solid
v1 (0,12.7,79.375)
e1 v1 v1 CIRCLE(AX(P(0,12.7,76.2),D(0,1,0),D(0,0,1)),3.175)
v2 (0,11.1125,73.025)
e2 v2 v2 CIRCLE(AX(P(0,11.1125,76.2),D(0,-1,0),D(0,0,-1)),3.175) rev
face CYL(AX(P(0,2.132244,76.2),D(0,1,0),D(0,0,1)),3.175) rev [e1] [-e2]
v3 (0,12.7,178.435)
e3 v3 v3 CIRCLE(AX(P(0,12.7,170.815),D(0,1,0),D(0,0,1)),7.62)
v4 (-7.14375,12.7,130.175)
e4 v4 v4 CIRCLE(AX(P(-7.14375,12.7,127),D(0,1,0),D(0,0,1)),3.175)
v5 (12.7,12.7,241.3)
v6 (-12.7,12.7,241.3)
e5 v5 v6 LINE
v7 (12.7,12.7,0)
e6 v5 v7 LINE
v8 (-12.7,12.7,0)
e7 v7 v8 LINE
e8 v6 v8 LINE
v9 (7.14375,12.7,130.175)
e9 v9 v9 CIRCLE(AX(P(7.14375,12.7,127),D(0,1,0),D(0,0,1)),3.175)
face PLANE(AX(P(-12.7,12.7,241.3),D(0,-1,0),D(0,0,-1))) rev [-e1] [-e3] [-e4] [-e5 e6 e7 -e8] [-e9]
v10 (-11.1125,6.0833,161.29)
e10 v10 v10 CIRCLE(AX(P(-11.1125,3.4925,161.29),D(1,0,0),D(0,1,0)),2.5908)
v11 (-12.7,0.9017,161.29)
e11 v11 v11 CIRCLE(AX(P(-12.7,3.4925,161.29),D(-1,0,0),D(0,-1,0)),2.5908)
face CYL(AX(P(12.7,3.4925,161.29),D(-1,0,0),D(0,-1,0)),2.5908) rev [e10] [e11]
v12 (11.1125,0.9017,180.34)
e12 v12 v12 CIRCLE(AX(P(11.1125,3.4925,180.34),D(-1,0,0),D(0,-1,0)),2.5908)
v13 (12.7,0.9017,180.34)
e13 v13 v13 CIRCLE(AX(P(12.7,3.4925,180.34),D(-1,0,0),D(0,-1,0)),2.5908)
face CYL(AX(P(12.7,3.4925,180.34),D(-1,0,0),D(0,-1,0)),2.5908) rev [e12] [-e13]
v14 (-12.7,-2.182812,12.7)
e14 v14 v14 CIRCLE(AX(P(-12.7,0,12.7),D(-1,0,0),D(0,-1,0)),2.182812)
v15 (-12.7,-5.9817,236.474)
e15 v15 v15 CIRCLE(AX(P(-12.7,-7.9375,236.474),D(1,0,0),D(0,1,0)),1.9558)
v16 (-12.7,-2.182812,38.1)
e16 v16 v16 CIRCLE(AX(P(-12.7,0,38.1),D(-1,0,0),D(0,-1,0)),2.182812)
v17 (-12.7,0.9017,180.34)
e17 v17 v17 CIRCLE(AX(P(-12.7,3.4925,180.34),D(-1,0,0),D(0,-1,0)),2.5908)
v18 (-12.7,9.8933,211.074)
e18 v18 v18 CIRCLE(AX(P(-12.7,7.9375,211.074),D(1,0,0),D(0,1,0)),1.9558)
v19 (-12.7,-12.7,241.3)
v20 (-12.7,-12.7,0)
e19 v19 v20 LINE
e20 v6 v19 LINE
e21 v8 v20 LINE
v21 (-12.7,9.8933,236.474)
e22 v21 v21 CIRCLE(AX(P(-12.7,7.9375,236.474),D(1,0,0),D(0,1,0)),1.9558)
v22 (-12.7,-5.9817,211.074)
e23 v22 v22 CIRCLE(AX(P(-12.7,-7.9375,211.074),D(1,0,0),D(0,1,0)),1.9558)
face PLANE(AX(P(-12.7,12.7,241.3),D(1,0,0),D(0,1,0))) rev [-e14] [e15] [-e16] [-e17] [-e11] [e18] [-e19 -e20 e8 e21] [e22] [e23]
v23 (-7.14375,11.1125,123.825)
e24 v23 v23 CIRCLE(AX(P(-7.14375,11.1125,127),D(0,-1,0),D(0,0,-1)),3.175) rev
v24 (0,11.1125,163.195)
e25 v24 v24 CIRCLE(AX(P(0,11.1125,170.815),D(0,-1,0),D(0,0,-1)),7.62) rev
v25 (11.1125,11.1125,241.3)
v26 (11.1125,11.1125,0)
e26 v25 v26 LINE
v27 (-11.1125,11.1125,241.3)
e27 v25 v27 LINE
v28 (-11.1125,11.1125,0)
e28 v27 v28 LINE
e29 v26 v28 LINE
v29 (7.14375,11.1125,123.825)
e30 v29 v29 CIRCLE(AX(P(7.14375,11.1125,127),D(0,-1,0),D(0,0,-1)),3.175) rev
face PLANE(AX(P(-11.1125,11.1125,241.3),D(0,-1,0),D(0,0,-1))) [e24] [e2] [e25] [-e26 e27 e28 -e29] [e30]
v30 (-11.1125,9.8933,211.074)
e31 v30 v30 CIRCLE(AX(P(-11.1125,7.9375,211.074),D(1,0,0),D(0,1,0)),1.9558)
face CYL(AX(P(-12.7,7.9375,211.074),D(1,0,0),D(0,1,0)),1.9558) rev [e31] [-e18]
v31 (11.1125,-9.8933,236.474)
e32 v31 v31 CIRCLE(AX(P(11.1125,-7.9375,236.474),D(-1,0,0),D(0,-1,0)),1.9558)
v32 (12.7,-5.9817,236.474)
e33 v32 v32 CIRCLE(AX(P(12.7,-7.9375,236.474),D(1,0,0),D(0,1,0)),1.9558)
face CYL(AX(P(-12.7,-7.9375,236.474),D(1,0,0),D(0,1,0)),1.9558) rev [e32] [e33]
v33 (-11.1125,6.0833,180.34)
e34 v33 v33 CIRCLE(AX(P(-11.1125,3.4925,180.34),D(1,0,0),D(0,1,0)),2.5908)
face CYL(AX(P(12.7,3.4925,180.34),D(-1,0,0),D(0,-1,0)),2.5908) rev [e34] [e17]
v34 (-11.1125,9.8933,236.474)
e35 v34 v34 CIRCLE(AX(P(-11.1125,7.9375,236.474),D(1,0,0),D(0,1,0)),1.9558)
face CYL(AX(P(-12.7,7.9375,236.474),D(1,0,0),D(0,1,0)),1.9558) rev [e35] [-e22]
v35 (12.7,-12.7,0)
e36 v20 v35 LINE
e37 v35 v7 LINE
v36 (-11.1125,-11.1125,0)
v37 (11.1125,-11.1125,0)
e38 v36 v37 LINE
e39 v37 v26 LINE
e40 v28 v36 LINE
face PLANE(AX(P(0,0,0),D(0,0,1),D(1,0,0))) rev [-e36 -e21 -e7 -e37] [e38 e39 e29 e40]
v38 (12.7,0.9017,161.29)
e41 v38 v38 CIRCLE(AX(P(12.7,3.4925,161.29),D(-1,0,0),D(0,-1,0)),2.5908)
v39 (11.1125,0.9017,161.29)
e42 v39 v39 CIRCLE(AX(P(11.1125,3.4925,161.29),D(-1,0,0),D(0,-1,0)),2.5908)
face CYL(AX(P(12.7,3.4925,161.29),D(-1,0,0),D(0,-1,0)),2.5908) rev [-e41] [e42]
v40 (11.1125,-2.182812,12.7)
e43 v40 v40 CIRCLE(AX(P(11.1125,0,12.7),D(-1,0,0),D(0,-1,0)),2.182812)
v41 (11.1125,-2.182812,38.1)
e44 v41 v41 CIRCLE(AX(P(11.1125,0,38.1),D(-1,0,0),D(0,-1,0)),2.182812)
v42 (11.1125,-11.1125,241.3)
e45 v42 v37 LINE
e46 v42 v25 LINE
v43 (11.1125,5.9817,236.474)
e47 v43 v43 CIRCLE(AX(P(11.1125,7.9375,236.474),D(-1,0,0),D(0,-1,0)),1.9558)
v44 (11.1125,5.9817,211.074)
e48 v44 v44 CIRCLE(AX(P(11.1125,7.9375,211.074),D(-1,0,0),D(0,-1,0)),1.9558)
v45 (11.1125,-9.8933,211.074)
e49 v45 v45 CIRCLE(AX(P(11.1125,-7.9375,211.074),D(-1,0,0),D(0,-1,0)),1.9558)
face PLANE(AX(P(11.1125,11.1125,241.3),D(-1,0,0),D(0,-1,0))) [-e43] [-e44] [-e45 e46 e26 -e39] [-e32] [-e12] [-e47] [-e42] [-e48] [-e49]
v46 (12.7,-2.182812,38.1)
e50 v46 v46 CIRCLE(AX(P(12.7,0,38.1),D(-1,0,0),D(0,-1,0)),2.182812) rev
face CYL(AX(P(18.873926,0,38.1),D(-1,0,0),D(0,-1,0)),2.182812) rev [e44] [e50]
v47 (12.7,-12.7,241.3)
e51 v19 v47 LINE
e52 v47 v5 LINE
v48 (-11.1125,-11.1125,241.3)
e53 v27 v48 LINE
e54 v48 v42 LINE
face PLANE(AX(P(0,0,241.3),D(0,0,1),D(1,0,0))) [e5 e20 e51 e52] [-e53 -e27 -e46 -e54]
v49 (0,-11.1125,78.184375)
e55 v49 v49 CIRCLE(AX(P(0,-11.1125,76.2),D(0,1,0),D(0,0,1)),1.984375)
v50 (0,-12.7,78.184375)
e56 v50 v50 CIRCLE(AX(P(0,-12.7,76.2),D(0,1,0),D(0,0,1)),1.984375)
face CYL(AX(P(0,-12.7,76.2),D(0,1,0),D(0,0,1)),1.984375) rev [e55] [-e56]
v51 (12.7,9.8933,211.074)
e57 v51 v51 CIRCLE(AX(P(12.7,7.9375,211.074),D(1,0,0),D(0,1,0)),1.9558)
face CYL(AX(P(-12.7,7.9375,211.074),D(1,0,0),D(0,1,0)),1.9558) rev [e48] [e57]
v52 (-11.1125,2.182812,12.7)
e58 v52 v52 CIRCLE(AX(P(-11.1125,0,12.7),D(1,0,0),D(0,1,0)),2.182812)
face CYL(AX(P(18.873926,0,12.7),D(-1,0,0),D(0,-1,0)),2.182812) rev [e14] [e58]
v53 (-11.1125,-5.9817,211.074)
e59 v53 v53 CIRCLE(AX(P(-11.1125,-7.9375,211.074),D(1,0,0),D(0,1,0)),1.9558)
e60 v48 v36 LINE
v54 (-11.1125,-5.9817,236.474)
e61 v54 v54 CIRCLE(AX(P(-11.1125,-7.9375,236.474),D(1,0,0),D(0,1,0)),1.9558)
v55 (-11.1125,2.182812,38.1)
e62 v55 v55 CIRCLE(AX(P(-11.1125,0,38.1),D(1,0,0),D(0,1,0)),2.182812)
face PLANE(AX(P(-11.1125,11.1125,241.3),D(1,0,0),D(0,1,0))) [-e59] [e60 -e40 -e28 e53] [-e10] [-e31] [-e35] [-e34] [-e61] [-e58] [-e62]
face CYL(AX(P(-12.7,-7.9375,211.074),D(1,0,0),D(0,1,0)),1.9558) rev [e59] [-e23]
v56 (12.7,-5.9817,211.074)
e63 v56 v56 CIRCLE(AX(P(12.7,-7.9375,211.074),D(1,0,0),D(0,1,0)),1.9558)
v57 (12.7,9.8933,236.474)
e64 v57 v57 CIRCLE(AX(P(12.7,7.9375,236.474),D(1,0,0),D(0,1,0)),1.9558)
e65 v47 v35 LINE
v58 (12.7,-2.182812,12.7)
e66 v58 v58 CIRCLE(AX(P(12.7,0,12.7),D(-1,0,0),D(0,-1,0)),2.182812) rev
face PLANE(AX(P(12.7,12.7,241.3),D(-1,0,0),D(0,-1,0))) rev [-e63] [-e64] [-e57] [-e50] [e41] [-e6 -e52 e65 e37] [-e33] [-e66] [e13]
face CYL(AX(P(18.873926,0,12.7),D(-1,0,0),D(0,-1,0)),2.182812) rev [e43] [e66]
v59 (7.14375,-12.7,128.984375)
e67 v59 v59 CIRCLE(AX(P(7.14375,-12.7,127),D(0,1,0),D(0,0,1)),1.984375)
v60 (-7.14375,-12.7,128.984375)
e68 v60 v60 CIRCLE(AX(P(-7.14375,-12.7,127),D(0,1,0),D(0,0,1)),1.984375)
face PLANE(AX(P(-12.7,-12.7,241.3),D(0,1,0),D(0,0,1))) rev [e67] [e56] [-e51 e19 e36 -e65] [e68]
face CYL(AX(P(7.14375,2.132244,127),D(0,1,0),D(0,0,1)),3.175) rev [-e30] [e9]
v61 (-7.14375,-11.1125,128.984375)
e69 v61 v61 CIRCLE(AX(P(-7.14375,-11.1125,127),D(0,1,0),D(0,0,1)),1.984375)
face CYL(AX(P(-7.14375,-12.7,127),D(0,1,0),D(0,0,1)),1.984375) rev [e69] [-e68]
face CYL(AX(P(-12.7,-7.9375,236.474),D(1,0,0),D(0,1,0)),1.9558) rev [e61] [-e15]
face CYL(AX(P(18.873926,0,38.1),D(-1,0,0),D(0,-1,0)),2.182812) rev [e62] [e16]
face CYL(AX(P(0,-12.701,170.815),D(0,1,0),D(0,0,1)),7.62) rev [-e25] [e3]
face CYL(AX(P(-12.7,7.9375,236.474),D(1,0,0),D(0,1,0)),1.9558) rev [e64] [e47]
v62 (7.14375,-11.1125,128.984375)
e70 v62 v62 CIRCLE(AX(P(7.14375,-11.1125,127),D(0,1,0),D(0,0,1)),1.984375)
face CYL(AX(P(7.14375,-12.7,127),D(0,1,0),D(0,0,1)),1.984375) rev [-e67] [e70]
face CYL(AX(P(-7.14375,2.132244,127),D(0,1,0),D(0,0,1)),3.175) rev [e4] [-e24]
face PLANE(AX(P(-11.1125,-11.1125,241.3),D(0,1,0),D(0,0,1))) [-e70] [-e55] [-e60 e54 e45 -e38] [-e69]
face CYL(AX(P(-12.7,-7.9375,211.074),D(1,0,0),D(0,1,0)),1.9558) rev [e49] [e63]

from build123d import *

# Parameters (mm, degrees)
SKETCH1_W           = 25.4
SKETCH1_H           = 25.4
SKETCH1_W_2         = 22.225
SKETCH1_H_2         = 22.225
BOSS_EXTRUDE1_DEPTH = 241.3
SKETCH7_R           = 1.984375
CUT_EXTRUDE8_DEPTH  = 26.4
SKETCH10_R          = 2.1828125
CUT_EXTRUDE7_DEPTH  = 25.4
SKETCH7_5_R         = 3.175
SKETCH7_5_R_2       = 1.984375
CUT_EXTRUDE9_DEPTH  = 1.5875
SKETCH13_R          = 2.5908
CUT_EXTRUDE10_DEPTH = 26.4
CUT_EXTRUDE11_REACH = 27.4
SKETCH14_R          = 7.62
SKETCH16_R          = 1.9558
CUT_EXTRUDE12_DEPTH = 26.4


with BuildPart() as part:
    # Sketch1 → Boss-Extrude1 (new body)
    with BuildSketch(Plane.XY):
        Rectangle(SKETCH1_W, SKETCH1_H)
        Rectangle(SKETCH1_W_2, SKETCH1_H_2, mode=Mode.SUBTRACT)
    extrude(amount=BOSS_EXTRUDE1_DEPTH)

    # Sketch7 → Cut-Extrude8 (cut, through all)
    with BuildSketch(Plane(origin=(0, 12.7, 0), x_dir=(1, 0, 0), z_dir=(0, 1, 0))):
        with Locations((-7.14375, -127)):
            Circle(SKETCH7_R)
        with Locations((7.14375, -127)):
            Circle(SKETCH7_R)
        with Locations((0, -76.2)):
            Circle(SKETCH7_R)
    extrude(amount=-CUT_EXTRUDE8_DEPTH, mode=Mode.SUBTRACT)

    # Sketch10 → Cut-Extrude7 (cut)
    with BuildSketch(Plane.ZY.offset(12.7)):
        with Locations((12.7, 0)):
            Circle(SKETCH10_R)
        with Locations((38.1, 0)):
            Circle(SKETCH10_R)
    extrude(amount=-CUT_EXTRUDE7_DEPTH, mode=Mode.SUBTRACT)

    # Sketch7<5> → Cut-Extrude9 (cut)
    with BuildSketch(Plane(origin=(0, 12.7, 0), x_dir=(1, 0, 0), z_dir=(0, 1, 0))):
        with Locations((-7.14375, -127)):
            Circle(SKETCH7_5_R)
        with Locations((-7.14375, -127)):
            Circle(SKETCH7_5_R_2, mode=Mode.SUBTRACT)
        with Locations((7.14375, -127)):
            Circle(SKETCH7_5_R)
        with Locations((7.14375, -127)):
            Circle(SKETCH7_5_R_2, mode=Mode.SUBTRACT)
        with Locations((0, -76.2)):
            Circle(SKETCH7_5_R)
        with Locations((0, -76.2)):
            Circle(SKETCH7_5_R_2, mode=Mode.SUBTRACT)
    extrude(amount=-CUT_EXTRUDE9_DEPTH, mode=Mode.SUBTRACT)

    # Sketch13 → Cut-Extrude10 (cut, through all)
    with BuildSketch(Plane.ZY.offset(12.7)):
        with Locations((161.29, 3.4925)):
            Circle(SKETCH13_R)
        with Locations((180.34, 3.4925)):
            Circle(SKETCH13_R)
    extrude(amount=-CUT_EXTRUDE10_DEPTH, mode=Mode.SUBTRACT)

    # Sketch14 → Cut-Extrude11 (cut, up to next)
    with BuildSketch(Plane(origin=(0, 12.7, 0), x_dir=(1, 0, 0), z_dir=(0, 1, 0)), mode=Mode.PRIVATE) as cut_extrude11_sk1:
        with Locations((0, -170.815)):
            Circle(SKETCH14_R)
    cut_extrude11_tool1 = extrude(cut_extrude11_sk1.sketch, amount=-CUT_EXTRUDE11_REACH, mode=Mode.PRIVATE) & part.part
    add(cut_extrude11_tool1.solids().sort_by_distance((0, 12.7, 170.815))[0], mode=Mode.SUBTRACT)

    # Sketch16 → Cut-Extrude12 (cut, through all)
    with BuildSketch(Plane(origin=(12.7, 0, 0), x_dir=(0, 0, -1), z_dir=(1, 0, 0))):
        with Locations((-236.474, -7.9375)):
            Circle(SKETCH16_R)
        with Locations((-236.474, 7.9375)):
            Circle(SKETCH16_R)
        with Locations((-211.074, -7.9375)):
            Circle(SKETCH16_R)
        with Locations((-211.074, 7.9375)):
            Circle(SKETCH16_R)
    extrude(amount=-CUT_EXTRUDE12_DEPTH, mode=Mode.SUBTRACT)


solid = part.part
